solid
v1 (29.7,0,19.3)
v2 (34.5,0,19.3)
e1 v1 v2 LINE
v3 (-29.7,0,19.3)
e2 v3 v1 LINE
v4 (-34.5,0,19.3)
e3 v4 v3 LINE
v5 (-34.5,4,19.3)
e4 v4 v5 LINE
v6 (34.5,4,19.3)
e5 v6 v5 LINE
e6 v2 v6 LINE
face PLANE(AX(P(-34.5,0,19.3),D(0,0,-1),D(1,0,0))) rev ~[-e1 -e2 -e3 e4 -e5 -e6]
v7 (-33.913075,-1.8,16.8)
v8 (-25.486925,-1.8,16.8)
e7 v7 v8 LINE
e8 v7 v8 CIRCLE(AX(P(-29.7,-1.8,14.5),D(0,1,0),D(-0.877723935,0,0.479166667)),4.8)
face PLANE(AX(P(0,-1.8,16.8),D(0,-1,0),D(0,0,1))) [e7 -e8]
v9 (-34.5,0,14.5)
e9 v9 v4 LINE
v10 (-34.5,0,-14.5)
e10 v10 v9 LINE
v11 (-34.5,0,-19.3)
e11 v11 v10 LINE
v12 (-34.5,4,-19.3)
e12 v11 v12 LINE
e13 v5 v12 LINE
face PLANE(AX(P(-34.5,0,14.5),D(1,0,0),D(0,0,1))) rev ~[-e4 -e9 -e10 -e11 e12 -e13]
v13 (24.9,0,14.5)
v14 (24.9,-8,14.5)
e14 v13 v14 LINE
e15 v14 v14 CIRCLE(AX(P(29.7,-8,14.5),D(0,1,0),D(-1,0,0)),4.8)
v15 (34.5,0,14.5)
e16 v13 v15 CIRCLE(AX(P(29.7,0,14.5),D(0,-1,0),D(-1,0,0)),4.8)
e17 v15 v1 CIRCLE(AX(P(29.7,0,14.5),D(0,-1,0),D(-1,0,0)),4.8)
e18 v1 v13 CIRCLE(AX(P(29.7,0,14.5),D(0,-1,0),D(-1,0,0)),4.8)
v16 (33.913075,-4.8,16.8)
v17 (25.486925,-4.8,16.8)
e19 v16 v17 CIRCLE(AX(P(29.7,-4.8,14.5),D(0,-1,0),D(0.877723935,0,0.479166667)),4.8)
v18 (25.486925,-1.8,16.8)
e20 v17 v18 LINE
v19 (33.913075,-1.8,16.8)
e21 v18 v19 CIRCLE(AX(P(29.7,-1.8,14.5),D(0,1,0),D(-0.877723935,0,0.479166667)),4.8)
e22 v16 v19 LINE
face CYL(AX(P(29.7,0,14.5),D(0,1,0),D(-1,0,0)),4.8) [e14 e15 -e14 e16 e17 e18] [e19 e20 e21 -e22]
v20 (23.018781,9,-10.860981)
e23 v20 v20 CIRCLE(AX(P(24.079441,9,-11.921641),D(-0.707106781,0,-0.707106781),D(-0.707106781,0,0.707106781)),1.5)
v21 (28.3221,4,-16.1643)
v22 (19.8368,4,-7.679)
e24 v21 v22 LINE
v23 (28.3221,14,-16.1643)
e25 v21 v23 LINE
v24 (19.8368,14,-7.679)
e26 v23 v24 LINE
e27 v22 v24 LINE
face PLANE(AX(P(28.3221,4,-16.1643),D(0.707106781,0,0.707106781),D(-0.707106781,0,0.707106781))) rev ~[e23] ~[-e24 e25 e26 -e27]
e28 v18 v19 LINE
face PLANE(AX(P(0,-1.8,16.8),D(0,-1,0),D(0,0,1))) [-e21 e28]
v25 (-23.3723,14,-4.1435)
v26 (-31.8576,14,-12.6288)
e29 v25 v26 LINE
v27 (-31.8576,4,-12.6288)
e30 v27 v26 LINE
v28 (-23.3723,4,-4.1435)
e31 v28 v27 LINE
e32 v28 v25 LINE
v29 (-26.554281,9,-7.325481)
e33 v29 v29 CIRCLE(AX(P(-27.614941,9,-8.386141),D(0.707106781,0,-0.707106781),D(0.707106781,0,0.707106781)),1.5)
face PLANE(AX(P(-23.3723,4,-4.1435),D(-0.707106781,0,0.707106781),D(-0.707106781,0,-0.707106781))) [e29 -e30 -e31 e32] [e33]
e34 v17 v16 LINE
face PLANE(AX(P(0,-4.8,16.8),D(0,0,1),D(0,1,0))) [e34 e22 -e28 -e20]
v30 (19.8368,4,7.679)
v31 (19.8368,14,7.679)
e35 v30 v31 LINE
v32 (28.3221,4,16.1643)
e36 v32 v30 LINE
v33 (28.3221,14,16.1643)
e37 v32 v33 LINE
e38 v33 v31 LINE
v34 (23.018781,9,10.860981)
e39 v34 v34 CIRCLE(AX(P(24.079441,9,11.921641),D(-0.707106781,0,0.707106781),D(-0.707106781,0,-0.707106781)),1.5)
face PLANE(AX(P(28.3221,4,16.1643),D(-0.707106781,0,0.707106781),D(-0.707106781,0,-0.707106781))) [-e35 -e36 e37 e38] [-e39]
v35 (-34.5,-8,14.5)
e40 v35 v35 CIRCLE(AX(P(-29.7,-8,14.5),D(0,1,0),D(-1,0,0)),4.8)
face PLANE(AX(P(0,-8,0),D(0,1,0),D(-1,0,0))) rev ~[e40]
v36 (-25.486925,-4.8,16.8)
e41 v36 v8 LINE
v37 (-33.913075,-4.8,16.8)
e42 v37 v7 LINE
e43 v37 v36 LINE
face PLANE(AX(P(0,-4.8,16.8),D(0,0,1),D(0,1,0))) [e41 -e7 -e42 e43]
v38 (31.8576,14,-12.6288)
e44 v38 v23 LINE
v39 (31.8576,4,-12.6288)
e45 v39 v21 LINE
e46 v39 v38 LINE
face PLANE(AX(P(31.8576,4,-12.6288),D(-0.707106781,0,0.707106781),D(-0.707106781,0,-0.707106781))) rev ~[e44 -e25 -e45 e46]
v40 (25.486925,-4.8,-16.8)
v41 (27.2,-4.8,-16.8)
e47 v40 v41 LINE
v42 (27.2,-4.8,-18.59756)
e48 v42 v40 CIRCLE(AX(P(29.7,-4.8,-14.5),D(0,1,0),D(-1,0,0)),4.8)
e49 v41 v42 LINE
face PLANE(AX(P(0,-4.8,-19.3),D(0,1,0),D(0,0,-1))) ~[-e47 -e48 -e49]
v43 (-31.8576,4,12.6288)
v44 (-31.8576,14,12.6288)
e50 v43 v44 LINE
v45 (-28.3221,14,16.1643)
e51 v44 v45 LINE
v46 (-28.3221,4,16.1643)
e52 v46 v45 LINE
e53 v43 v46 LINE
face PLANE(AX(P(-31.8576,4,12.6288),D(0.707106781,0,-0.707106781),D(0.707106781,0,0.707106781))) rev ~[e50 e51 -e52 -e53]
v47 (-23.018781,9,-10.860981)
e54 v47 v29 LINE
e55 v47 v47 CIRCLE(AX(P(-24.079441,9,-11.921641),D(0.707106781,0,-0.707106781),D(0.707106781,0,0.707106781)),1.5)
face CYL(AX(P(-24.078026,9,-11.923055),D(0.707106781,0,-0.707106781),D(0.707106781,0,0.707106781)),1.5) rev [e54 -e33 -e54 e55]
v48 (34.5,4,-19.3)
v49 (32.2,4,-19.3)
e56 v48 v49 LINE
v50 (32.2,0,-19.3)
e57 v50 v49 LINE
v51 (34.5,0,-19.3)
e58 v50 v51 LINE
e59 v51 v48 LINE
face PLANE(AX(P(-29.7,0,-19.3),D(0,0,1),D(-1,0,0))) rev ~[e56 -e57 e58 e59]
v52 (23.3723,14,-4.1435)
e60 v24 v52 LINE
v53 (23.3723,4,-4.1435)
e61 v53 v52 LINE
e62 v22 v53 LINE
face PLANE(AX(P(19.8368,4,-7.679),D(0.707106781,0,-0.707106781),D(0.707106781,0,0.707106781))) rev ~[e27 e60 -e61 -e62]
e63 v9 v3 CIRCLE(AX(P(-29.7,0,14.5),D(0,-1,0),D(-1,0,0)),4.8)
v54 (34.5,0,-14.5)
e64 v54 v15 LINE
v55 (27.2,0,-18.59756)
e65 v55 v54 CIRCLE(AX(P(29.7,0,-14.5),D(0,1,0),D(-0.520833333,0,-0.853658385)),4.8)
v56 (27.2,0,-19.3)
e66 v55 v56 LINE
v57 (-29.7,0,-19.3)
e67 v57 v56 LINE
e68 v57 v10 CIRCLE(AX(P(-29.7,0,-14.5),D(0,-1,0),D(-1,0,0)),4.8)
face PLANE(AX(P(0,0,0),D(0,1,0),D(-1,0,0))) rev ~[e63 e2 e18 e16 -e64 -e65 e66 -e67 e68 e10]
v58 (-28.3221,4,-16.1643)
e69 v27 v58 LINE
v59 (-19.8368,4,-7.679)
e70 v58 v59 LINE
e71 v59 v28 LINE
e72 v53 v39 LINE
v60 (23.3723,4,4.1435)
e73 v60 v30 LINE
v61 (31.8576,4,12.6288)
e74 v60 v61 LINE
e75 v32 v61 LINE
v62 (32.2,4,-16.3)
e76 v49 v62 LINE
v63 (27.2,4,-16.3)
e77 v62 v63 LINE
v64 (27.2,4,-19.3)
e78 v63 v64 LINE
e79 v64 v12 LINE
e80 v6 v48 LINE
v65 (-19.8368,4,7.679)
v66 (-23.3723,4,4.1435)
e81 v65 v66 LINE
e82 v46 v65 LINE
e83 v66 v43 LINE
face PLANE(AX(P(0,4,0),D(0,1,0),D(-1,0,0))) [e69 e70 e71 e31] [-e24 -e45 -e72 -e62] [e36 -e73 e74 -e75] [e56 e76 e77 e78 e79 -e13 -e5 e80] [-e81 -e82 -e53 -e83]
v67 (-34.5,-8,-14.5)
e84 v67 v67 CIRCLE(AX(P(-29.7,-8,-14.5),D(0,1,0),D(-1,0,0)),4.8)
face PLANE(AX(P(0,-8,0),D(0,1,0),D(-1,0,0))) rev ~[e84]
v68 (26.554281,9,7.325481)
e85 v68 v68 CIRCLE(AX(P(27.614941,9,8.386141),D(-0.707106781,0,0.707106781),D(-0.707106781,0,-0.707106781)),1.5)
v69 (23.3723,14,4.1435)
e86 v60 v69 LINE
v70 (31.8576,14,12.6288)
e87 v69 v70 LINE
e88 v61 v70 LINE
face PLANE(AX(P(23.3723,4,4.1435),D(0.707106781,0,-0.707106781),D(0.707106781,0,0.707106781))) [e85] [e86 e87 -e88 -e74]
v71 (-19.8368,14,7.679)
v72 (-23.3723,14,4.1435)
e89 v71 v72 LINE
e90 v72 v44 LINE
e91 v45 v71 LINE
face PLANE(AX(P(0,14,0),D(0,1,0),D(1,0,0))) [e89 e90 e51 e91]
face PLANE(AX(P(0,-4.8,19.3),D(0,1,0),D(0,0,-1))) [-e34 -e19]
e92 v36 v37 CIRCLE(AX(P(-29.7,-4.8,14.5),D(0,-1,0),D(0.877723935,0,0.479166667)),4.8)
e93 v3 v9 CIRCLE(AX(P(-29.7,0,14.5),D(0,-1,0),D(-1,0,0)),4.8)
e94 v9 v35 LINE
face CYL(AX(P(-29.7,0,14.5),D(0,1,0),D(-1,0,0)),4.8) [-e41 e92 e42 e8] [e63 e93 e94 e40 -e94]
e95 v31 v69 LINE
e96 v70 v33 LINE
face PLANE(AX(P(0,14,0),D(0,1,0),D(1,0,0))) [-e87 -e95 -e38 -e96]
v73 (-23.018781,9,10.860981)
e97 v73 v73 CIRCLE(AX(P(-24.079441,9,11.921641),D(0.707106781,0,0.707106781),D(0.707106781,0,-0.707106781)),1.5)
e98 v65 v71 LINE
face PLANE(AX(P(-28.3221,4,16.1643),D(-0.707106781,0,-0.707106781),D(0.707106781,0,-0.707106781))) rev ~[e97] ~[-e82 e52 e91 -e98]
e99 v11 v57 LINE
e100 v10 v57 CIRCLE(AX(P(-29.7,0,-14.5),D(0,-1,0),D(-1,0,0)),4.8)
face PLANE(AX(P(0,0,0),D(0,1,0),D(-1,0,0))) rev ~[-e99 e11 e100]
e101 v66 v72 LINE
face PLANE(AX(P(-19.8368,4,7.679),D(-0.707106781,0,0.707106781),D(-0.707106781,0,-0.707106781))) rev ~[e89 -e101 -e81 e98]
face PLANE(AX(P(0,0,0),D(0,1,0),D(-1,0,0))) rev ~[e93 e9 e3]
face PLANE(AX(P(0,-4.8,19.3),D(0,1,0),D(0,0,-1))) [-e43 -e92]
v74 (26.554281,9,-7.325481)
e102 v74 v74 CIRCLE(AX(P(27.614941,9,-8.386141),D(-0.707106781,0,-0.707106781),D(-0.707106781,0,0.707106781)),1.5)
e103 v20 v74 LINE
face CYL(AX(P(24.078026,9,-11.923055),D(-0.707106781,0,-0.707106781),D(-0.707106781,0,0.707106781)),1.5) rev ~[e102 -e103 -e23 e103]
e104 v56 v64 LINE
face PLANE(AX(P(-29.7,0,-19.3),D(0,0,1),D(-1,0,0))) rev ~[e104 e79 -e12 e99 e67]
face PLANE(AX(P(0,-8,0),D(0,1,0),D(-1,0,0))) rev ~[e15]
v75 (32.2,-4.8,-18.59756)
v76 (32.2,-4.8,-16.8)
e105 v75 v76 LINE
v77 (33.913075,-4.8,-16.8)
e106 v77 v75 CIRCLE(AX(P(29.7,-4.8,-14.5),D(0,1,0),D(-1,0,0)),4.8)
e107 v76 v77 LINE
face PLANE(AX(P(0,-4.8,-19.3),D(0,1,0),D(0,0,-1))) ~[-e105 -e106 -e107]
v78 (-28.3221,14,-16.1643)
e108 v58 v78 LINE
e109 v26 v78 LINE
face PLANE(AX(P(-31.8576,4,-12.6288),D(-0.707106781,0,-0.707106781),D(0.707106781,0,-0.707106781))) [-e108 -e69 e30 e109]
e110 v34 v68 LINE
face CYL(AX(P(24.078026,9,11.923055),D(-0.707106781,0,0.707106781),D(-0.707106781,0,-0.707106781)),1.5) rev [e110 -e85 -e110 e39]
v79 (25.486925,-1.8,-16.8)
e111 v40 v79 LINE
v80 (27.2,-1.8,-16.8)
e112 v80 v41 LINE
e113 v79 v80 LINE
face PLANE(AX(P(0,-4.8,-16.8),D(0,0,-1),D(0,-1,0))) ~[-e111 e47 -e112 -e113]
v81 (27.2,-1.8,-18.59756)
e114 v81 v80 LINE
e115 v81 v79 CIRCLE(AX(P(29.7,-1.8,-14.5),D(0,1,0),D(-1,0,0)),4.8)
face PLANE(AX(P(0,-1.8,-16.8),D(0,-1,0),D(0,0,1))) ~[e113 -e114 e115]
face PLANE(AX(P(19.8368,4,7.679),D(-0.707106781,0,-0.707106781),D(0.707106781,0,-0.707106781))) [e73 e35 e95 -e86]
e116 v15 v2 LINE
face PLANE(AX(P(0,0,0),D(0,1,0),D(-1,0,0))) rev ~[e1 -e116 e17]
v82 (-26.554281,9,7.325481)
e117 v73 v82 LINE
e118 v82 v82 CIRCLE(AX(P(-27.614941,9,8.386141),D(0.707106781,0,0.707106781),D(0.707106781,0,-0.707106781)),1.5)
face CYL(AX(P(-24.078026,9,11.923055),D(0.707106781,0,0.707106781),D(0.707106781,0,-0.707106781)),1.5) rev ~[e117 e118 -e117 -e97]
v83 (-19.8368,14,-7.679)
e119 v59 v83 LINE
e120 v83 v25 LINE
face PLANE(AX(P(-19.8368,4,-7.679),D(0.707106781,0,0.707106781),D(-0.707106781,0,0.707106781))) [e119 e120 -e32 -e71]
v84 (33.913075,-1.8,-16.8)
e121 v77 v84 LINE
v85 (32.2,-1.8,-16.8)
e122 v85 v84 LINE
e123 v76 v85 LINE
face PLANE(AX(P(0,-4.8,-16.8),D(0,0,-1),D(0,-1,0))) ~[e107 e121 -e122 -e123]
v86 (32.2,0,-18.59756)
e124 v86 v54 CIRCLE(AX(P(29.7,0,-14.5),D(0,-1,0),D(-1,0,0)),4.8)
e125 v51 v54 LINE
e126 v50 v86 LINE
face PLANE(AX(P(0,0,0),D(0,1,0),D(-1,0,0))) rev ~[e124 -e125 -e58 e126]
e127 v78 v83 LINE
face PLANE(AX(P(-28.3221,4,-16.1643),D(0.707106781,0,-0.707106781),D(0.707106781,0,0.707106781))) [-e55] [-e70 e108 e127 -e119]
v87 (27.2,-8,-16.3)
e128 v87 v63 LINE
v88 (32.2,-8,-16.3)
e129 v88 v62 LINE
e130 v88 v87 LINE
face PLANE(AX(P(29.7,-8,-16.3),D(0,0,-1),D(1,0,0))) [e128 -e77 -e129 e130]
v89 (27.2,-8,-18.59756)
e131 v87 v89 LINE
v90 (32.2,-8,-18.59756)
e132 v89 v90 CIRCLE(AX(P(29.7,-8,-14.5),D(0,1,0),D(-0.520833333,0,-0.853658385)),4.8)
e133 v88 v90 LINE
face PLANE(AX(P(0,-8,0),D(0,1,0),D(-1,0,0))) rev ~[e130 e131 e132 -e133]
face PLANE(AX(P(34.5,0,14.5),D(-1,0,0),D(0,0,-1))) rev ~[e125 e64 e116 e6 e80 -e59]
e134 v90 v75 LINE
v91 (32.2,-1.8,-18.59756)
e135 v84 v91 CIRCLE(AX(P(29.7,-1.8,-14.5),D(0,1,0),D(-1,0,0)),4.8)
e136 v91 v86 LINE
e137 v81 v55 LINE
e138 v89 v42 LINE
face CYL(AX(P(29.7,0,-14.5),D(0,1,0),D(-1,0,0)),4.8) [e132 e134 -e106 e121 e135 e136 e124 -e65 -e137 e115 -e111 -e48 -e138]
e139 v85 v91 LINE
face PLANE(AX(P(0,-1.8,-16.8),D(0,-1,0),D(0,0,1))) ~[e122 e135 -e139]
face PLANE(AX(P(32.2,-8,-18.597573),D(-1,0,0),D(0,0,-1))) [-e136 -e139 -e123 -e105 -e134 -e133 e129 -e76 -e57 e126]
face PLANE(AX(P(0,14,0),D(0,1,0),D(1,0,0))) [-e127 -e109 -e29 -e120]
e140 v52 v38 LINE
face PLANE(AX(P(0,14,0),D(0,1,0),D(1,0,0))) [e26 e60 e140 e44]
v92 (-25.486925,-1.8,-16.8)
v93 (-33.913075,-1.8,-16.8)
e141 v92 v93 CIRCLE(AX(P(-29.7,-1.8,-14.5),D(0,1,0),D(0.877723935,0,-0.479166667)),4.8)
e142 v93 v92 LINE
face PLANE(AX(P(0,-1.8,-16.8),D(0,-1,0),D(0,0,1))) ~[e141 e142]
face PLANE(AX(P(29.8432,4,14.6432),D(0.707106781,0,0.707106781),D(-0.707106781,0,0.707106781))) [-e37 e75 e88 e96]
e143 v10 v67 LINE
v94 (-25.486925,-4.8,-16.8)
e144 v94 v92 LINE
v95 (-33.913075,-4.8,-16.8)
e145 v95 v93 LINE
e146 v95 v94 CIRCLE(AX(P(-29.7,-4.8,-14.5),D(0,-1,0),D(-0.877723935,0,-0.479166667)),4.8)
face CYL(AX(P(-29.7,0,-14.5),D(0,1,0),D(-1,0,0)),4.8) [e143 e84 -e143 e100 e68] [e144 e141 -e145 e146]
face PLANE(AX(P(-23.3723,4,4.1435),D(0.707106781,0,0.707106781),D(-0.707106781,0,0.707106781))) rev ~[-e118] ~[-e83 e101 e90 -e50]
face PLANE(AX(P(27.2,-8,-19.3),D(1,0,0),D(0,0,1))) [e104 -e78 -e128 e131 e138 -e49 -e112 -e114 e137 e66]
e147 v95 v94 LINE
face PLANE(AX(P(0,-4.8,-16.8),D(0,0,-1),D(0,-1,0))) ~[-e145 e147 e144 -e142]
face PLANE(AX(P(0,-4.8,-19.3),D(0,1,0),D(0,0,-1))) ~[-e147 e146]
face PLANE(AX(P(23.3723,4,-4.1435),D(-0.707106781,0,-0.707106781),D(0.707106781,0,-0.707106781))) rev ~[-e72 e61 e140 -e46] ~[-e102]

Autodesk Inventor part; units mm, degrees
ref_plane "YZ Plane" through (0, 0, 0) normal (1, 0, 0) x (0, 1, 0)
ref_plane "XZ Plane" through (0, 0, 0) normal (0, 1, 0) x (-1, 0, 0)
ref_plane "XY Plane" through (0, 0, 0) normal (0, 0, 1) x (1, 0, 0)
sketch "草图1" plane through (0, 0, 0) normal (0, 1, 0) x (-1, 0, 0)
  line L0 (34.5, 19.3) -> (-34.5, 19.3)
  line L1 (-34.5, 19.3) -> (-34.5, -19.3)
  line L2 (-34.5, -19.3) -> (34.5, -19.3)
  line L3 (34.5, -19.3) -> (34.5, 19.3)
  circle A0 centre (29.7, 14.5) radius 4.8
  line L4 (48.3, 0) -> (-48.3, 0) projected
  line L5 (0, -27.02) -> (0, 27.02) projected
  circle A1 centre (29.7, -14.5) radius 4.8
  circle A2 centre (-29.7, 14.5) radius 4.8
  circle A3 centre (-29.7, -14.5) radius 4.8
  point P0 (0, 0)
  dimension "d0" = 38.6
  dimension "d1" = 69
  dimension "d2" = 34.5
  dimension "d3" = 19.3
  dimension "d4" = 9.6
extrude "拉伸1" add sketch "草图1" along normal blind 4
extrude "拉伸2" add sketch "草图1" against normal blind 8 contours A0 | A2 | A1 | A3
sketch "草图2" plane through (0, 0, 0) normal (0, 0, 1) x (1, 0, 0)
  line L0 (24.9, -8) -> (34.5, -8) projected
  line L1 (34.5, 0) -> (29.7, 0) projected
  line L2 (29.7, 0) -> (34.5, 0) projected
  line L3 (34.5, 0) -> (34.5, -8) projected
  line L4 (34.5, -4.8) -> (32, -4.8)
  line L5 (32, -4.8) -> (32, -1.8)
  line L6 (32, -1.8) -> (34.5, -1.8)
  line L7 (34.5, -1.8) -> (34.5, -4.8)
  point P0 (0, 0)
  dimension "d9" = 1.8
  dimension "d10" = 3
  dimension "d11" = 2.5
extrude "拉伸3" [suppressed]
mirror "镜像1" [suppressed]
sketch "草图3" plane through (29.7, -8, -14.5) normal (0, -1, 0) x (1, 0, 0)
  arc A0 (2.3, -4.2131) -> (2.3, 4.2131) centre (0, 0) ccw projected
  circle A1 centre (0, 0) radius 4.8 projected
  line L0 (0, 0) -> (0, -4.8)
  line L1 (-2.5, -1.8) -> (2.5, -1.8)
  line L2 (2.5, -1.8) -> (2.5, -4.8)
  line L3 (2.5, -4.8) -> (-2.5, -4.8)
  line L4 (-2.5, -4.8) -> (-2.5, -1.8)
  line L5 (4.8, -4.8) -> (0, -4.8) projected
  point P0 (-29.7, 14.5)
  point P1 (2.4, -4.8)
  dimension "d17" = 2.5
  dimension "d18" = 5
  dimension "d19" = 3
extrude "拉伸4" cut sketch "草图3" against normal through all contours L2 L3 A1 A0 | A0 A1 L0 L1 L2 | L4 L1 L0 A1 | A1 L3 L4
sketch "草图4" plane through (0, 4, 0) normal (0, 1, 0) x (1, 0, 0)
  line L0 (-48.3, 0) -> (48.3, 0) projected
  line L1 (0, 27.02) -> (0, -27.02) projected
  line L2 (28.3221, -16.1643) -> (19.8368, -7.679)
  line L3 (19.8368, -7.679) -> (23.3723, -4.1435)
  line L4 (23.3723, -4.1435) -> (31.8576, -12.6288)
  line L5 (31.8576, -12.6288) -> (28.3221, -16.1643)
  line L6 (34.5, -19.3) -> (17.3206, -2.1206)
  line L7 (-28.3221, -16.1643) -> (-19.8368, -7.679)
  line L8 (-19.8368, -7.679) -> (-23.3723, -4.1435)
  line L9 (-23.3723, -4.1435) -> (-31.8576, -12.6288)
  line L10 (-31.8576, -12.6288) -> (-28.3221, -16.1643)
  line L11 (28.3221, 16.1643) -> (19.8368, 7.679)
  line L12 (19.8368, 7.679) -> (23.3723, 4.1435)
  line L13 (23.3723, 4.1435) -> (31.8576, 12.6288)
  line L14 (31.8576, 12.6288) -> (28.3221, 16.1643)
  line L15 (-28.3221, 16.1643) -> (-19.8368, 7.679)
  line L16 (-23.3723, 4.1435) -> (-31.8576, 12.6288)
  line L17 (-31.8576, 12.6288) -> (-28.3221, 16.1643)
  line L18 (-19.8368, 7.679) -> (-23.3723, 4.1435)
  point P0 (0, 0)
  dimension "d22" = 5
  dimension "d23" = 12
extrude "拉伸5" add sketch "草图4" along normal blind 10
sketch "草图5" plane through (19.8368, 4, -7.679) normal (-0.7071, 0, -0.7071) x (-0.7071, 0, 0.7071)
  line L0 (0, 0) -> (-12, 0) projected
  line L1 (0, 0) -> (0, 10) projected
  line L2 (-12, 10) -> (0, 10) projected
  line L3 (-12, 0) -> (-12, 10) projected
  circle A0 centre (-6, 5) radius 1.5
  line L4 (-12, 10) -> (0, 10) projected
  line L5 (-6, 10) -> (-6, 0)
  point P0 (19.4566, -4)
  dimension "d26" = 3
  dimension "d27" = 5
extrude "拉伸6" cut sketch "草图5" against normal blind 10 contours L5 A0 | A0 L5
mirror "镜像2" about plane through (0, 0, 0) normal (1, 0, 0) of "拉伸6"
mirror "镜像3" about plane through (0, 0, 0) normal (0, 0, 1) of "拉伸6"
mirror "镜像4" about plane through (0, 0, 0) normal (1, 0, 0) of "拉伸6", "镜像3"
sketch "草图6" plane through (0, 0, 0) normal (1, 0, 0) x (0, 1, 0)
  line L0 (-4.8, 16.8) -> (-1.8, 16.8)
  line L1 (-1.8, 16.8) -> (-1.8, 19.3)
  line L2 (-1.8, 19.3) -> (-4.8, 19.3)
  line L3 (-4.8, 19.3) -> (-4.8, 16.8)
  line L4 (0, 19.3) -> (-8.1735, 19.3)
  line L5 (0, 19.3) -> (0, 15.2583)
  point P0 (0, 0)
  point P1 (-3.3, 19.3)
  dimension "d30" = 3
  dimension "d31" = 2.5
  dimension "d32" = 1.8
extrude "拉伸7" cut sketch "草图6" along normal through all both and the other way through all
mirror "镜像5" about plane through (0, 0, 0) normal (0, 0, 1) of "拉伸7"
properties part number "landframe"
